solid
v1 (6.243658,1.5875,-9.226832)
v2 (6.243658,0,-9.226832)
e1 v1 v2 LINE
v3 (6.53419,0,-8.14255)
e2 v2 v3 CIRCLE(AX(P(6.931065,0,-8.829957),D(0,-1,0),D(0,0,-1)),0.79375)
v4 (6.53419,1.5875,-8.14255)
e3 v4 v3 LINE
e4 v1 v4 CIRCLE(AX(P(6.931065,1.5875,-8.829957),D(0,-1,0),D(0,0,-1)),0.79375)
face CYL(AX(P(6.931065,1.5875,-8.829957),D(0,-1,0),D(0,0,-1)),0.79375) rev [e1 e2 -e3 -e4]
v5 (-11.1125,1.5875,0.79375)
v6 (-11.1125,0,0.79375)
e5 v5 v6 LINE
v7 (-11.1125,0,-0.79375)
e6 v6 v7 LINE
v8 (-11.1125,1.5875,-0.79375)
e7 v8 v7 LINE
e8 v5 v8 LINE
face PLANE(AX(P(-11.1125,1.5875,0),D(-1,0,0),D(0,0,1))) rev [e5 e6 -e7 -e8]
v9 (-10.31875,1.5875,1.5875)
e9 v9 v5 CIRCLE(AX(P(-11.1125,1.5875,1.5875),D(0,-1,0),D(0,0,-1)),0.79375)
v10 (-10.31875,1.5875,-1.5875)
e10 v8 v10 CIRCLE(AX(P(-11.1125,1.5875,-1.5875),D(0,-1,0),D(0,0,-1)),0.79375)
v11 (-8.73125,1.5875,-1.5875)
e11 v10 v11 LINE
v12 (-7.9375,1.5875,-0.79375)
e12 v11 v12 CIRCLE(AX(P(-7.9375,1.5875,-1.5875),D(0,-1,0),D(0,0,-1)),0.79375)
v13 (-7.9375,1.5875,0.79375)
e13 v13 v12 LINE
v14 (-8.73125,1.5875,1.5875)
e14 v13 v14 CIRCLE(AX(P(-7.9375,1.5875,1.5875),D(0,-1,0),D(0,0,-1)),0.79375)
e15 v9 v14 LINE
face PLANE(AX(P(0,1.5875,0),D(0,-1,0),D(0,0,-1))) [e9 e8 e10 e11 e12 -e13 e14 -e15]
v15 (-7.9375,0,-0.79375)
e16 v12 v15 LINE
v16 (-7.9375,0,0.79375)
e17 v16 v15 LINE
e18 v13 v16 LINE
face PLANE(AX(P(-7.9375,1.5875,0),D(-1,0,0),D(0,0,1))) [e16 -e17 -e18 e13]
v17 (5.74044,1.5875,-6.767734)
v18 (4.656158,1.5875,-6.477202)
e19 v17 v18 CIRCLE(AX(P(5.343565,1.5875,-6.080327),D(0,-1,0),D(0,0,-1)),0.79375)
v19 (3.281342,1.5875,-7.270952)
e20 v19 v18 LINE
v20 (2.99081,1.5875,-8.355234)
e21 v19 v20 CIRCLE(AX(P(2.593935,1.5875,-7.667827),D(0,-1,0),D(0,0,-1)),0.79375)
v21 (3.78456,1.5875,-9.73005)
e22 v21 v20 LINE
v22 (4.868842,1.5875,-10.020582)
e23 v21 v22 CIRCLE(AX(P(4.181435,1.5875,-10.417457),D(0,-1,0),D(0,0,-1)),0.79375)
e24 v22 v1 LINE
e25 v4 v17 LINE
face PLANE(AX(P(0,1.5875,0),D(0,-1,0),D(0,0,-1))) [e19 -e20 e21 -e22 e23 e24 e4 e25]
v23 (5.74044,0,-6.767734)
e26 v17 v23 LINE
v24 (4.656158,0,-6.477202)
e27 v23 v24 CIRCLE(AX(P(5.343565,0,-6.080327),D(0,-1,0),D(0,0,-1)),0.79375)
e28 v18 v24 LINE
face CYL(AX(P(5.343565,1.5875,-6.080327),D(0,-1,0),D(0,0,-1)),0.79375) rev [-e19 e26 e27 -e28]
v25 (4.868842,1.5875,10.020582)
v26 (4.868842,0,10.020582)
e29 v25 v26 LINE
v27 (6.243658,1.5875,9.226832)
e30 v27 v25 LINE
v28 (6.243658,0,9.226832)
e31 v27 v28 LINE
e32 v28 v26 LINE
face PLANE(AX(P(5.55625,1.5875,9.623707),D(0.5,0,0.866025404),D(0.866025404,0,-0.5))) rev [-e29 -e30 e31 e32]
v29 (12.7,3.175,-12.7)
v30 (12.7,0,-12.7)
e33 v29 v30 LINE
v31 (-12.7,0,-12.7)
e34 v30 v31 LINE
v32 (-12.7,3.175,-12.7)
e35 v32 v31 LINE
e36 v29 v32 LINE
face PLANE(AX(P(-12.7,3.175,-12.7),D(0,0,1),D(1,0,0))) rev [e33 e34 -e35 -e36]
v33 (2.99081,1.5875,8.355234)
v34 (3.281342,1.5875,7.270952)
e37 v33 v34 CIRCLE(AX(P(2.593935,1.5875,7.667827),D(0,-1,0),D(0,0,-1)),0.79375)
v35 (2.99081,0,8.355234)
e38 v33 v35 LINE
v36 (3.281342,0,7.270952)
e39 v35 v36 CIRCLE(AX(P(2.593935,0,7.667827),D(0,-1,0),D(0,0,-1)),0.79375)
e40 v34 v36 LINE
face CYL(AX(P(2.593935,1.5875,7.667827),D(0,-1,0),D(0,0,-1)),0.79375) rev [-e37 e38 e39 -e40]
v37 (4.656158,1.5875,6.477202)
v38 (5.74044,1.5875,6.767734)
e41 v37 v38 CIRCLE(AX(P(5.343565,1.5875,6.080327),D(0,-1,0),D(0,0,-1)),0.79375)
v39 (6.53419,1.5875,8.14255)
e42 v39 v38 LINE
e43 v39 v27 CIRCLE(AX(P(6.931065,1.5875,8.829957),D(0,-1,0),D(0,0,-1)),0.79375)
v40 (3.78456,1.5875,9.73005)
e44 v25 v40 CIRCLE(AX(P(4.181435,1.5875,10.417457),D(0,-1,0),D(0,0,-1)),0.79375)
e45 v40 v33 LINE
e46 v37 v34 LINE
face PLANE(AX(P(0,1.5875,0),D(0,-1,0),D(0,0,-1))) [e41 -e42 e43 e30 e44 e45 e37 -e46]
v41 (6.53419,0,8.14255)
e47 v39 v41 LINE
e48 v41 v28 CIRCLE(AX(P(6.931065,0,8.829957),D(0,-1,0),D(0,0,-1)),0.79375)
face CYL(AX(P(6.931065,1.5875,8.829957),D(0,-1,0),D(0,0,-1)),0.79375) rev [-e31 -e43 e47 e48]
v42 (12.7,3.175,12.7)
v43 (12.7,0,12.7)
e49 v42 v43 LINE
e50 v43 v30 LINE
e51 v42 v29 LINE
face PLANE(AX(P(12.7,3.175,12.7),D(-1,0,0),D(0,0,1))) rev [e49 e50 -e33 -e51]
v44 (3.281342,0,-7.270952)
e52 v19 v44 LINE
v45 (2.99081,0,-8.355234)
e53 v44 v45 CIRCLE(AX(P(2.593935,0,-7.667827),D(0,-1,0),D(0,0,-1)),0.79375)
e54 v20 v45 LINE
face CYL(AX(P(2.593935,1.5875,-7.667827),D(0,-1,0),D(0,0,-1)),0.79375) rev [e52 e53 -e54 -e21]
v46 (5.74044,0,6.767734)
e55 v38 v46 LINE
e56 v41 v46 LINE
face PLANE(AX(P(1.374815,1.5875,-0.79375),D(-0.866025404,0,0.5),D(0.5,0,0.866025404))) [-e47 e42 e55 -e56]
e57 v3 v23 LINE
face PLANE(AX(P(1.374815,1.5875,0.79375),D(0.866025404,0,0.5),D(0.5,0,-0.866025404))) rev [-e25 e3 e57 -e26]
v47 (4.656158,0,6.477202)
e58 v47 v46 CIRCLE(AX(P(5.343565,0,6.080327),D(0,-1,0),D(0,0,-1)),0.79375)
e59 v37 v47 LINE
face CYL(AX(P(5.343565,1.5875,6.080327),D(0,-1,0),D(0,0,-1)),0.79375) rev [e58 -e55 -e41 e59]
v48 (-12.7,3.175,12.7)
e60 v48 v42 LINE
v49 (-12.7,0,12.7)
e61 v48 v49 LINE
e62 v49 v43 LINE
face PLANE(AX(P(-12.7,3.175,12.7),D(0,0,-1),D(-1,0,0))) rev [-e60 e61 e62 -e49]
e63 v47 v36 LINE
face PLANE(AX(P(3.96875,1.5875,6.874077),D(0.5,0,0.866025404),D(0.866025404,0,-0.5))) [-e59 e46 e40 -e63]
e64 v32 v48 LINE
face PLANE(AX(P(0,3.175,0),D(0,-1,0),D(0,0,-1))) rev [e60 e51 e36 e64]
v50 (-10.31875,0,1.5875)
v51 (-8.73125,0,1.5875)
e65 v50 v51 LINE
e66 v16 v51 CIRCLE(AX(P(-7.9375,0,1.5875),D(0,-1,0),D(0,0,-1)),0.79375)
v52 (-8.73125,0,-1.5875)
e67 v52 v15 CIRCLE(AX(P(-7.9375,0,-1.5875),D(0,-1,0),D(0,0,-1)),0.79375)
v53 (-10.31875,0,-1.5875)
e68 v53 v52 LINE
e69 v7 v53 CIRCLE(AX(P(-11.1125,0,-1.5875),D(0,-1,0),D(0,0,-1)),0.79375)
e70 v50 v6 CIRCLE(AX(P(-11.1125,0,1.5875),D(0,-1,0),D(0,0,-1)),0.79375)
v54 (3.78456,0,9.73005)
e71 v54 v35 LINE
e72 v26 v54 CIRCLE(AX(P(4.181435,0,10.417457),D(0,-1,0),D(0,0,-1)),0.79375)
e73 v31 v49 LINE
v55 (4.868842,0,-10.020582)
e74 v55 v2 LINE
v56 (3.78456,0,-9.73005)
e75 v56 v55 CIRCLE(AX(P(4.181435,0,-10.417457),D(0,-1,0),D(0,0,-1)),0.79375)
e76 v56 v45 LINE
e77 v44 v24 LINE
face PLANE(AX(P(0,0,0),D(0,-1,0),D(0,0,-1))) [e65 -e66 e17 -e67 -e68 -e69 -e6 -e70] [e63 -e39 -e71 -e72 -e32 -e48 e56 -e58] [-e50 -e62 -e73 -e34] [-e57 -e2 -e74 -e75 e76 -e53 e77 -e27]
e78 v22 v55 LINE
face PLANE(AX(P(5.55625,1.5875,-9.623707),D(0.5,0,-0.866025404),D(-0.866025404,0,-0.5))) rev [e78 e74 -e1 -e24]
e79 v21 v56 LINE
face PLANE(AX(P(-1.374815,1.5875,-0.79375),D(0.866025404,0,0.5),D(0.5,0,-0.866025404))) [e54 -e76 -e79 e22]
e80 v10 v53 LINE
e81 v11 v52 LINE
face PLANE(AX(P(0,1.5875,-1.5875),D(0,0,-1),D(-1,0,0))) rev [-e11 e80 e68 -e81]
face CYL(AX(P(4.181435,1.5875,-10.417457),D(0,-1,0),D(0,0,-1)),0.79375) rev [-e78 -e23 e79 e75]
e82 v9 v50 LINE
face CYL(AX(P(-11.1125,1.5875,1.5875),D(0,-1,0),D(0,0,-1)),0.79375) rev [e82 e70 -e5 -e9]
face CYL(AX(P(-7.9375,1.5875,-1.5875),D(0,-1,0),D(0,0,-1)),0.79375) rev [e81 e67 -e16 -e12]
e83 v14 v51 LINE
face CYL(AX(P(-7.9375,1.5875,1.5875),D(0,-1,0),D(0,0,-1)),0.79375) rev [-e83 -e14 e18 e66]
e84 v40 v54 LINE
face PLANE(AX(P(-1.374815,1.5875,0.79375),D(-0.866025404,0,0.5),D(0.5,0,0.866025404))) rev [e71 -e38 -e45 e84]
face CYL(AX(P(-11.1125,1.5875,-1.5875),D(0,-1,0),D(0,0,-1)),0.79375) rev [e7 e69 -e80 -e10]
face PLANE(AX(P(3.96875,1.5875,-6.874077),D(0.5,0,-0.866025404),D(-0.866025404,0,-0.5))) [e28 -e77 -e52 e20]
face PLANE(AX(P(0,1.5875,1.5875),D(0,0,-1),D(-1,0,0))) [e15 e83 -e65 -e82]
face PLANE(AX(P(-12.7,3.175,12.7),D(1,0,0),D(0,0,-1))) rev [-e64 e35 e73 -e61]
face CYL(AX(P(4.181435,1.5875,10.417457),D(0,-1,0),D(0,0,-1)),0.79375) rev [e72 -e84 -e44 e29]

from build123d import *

# Parameters (mm, degrees)
SKETCH1_W           = 25.4
SKETCH1_H           = 25.4
BOSS_EXTRUDE1_DEPTH = 3.175
SKETCH2_R           = 0.79375
SKETCH2_W           = 3.175
SKETCH2_H           = 3.175
CUT_EXTRUDE1_DEPTH  = 1.5875


with BuildPart() as part:
    # Sketch1 → Boss-Extrude1 (new body)
    with BuildSketch(Plane(origin=(0, 0, 0), x_dir=(1, 0, 0), z_dir=(0, 1, 0))):
        Rectangle(SKETCH1_W, SKETCH1_H)
    extrude(amount=BOSS_EXTRUDE1_DEPTH)

    # Sketch2 → Cut-Extrude1 (cut)
    with BuildSketch(Plane.XZ):
        with Locations((-11.1125, -1.5875)):
            Circle(SKETCH2_R)
        with Locations((-11.1125, 1.5875)):
            Circle(SKETCH2_R)
        with Locations((-7.9375, 1.5875)):
            Circle(SKETCH2_R)
        with Locations((-7.9375, -1.5875)):
            Circle(SKETCH2_R)
        with Locations((4.181434671, 10.4174573)):
            Circle(SKETCH2_R)
        with Locations((6.931065329, 8.8299573)):
            Circle(SKETCH2_R)
        with Locations((5.343565329, 6.080326643)):
            Circle(SKETCH2_R)
        with Locations((2.593934671, 7.667826643)):
            Circle(SKETCH2_R)
        with Locations((6.931065329, -8.8299573)):
            Circle(SKETCH2_R)
        with Locations((4.181434671, -10.4174573)):
            Circle(SKETCH2_R)
        with Locations((2.593934671, -7.667826643)):
            Circle(SKETCH2_R)
        with Locations((5.343565329, -6.080326643)):
            Circle(SKETCH2_R)
        with Locations((-9.525, 0)):
            Rectangle(SKETCH2_W, SKETCH2_H)
        Polygon((6.931065329, 8.8299573), (4.181434671, 10.4174573), (2.593934671, 7.667826643), (5.343565329, 6.080326643), align=None)
        Polygon((4.181434671, -10.4174573), (6.931065329, -8.8299573), (5.343565329, -6.080326643), (2.593934671, -7.667826643), align=None)
    extrude(amount=-CUT_EXTRUDE1_DEPTH, mode=Mode.SUBTRACT)


solid = part.part
